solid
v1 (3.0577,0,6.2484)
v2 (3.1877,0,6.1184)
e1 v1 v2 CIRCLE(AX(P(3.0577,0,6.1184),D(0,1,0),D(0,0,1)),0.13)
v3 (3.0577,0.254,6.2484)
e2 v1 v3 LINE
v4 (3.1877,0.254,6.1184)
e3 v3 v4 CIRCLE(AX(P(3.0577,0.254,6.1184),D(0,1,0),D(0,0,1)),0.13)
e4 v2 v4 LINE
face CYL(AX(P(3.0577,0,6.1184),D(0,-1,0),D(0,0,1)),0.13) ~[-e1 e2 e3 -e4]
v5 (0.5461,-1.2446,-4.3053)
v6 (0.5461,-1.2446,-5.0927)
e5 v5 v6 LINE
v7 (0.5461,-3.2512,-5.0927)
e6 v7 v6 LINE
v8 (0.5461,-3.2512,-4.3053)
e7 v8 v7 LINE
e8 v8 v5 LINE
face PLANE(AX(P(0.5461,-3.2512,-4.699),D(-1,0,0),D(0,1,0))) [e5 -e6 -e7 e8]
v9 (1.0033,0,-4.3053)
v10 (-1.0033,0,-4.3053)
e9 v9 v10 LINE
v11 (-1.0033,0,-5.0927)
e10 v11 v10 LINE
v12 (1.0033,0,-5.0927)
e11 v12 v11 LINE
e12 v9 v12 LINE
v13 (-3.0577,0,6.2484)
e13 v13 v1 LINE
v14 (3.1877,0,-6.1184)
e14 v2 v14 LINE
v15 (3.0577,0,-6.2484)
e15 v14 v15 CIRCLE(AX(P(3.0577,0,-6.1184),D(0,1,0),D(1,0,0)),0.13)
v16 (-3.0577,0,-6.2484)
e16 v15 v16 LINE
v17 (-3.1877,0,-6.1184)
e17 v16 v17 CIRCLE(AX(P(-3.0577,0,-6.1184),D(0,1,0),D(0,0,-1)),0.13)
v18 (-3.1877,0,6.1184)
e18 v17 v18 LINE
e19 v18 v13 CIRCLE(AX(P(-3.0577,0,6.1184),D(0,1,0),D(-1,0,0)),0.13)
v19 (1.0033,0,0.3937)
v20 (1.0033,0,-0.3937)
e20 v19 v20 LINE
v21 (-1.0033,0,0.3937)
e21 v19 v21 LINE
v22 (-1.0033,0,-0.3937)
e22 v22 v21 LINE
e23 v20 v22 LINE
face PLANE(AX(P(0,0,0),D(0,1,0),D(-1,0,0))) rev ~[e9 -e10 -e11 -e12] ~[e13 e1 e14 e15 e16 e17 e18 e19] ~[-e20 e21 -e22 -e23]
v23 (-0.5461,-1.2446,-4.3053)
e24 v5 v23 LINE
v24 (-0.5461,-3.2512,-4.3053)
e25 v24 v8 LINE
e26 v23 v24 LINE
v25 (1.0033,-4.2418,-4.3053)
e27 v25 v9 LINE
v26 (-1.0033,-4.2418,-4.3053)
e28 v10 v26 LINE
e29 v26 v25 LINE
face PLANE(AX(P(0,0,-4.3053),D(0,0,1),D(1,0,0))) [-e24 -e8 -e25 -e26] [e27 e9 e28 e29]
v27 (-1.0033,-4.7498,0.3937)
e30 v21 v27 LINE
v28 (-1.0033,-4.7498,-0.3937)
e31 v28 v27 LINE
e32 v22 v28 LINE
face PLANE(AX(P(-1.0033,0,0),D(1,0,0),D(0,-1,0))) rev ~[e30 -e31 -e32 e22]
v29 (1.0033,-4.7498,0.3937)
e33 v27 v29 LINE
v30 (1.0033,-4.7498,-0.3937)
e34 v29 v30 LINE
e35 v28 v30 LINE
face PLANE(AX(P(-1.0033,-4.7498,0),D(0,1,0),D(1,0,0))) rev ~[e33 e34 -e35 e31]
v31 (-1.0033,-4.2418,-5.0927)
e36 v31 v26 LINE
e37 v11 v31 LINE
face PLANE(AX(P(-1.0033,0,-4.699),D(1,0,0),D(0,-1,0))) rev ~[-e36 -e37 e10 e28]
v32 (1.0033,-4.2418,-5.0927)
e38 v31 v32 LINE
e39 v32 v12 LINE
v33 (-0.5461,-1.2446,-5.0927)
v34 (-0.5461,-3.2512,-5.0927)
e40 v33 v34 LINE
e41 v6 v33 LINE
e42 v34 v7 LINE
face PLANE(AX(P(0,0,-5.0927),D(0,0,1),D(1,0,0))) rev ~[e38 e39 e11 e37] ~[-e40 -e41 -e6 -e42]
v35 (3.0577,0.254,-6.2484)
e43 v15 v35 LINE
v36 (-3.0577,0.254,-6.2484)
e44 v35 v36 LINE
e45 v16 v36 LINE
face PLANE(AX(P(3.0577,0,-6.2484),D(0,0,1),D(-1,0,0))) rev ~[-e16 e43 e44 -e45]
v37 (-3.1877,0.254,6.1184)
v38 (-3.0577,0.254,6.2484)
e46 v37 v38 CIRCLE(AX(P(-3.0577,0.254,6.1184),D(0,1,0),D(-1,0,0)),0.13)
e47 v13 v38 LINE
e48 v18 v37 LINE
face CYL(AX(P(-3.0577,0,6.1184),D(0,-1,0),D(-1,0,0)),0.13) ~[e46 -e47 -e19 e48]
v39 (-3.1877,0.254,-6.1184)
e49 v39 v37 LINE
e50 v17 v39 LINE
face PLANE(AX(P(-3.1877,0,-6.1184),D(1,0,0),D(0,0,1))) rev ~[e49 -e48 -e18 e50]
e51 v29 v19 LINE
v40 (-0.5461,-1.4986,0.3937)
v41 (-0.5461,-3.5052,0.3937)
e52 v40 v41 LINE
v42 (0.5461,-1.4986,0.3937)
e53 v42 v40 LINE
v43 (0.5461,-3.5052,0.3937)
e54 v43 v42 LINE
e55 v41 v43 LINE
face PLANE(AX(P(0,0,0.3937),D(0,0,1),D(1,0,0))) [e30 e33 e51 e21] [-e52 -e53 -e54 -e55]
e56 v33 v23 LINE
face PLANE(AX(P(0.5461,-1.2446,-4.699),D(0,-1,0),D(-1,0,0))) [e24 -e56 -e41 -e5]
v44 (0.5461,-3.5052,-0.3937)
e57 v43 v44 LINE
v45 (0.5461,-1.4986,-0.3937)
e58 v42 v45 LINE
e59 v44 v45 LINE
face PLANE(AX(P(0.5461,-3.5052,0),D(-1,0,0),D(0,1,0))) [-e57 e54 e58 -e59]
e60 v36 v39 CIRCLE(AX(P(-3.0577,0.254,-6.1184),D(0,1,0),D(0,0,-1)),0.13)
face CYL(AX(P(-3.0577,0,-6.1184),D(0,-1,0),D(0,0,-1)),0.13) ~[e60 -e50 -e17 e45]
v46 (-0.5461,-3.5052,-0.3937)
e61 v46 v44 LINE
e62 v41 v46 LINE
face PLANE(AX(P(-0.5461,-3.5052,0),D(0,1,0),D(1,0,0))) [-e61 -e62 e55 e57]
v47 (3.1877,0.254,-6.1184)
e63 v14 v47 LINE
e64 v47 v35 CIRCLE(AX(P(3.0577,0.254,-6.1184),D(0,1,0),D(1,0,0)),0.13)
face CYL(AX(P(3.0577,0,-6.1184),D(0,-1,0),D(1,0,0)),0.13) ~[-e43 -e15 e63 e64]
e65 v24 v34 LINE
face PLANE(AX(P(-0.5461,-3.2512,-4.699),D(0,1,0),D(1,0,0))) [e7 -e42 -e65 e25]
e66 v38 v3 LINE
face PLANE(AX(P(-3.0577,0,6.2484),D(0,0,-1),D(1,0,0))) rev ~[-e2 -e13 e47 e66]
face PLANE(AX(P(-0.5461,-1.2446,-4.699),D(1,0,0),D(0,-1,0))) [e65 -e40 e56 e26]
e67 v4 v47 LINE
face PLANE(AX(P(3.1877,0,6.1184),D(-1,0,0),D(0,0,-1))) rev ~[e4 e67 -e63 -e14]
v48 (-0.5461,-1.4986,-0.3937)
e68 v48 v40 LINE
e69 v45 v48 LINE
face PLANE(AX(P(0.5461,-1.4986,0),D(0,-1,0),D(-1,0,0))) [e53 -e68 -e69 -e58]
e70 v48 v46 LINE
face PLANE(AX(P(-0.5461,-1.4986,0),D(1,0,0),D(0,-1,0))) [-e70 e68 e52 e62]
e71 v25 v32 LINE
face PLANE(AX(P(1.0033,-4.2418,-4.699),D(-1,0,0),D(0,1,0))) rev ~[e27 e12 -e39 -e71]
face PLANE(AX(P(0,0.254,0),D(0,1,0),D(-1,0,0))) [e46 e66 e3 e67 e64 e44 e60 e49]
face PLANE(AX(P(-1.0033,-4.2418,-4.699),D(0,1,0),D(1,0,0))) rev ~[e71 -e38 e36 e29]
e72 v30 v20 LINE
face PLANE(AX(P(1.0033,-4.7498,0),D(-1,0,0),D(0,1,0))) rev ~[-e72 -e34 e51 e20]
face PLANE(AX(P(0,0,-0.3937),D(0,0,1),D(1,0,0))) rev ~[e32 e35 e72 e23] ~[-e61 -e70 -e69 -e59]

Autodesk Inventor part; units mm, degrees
sketch "Sketch_2" plane through (0, 0, 0) normal (0, 1, 0) x (-1, 0, 0)
  line L0 (3.1877, -6.1184) -> (3.1877, 6.1184)
  arc A0 (3.1877, 6.1184) -> (3.0577, 6.2484) centre (3.0577, 6.1184) ccw
  line L1 (3.0577, 6.2484) -> (-3.0577, 6.2484)
  arc A1 (-3.0577, 6.2484) -> (-3.1877, 6.1184) centre (-3.0577, 6.1184) ccw
  line L2 (-3.1877, 6.1184) -> (-3.1877, -6.1184)
  arc A2 (-3.1877, -6.1184) -> (-3.0577, -6.2484) centre (-3.0577, -6.1184) ccw
  line L3 (-3.0577, -6.2484) -> (3.0577, -6.2484)
  arc A3 (3.0577, -6.2484) -> (3.1877, -6.1184) centre (3.0577, -6.1184) ccw
extrude "Extrusion1" add sketch "Sketch_2" along normal blind 0.254
sketch "Sketch_12" plane through (0, 0, -4.699) normal (0, 0, 1) x (1, 0, 0)
  line L0 (-1.0033, 0) -> (-1.0033, -4.2418)
  line L1 (-1.0033, -4.2418) -> (1.0033, -4.2418)
  line L2 (1.0033, -4.2418) -> (1.0033, 0)
  line L3 (1.0033, 0) -> (-1.0033, 0)
  line L4 (-0.5461, -1.2446) -> (-0.5461, -3.2512)
  line L5 (-0.5461, -3.2512) -> (0.5461, -3.2512)
  line L6 (0.5461, -3.2512) -> (0.5461, -1.2446)
  line L7 (0.5461, -1.2446) -> (-0.5461, -1.2446)
extrude "Extrusion2" add sketch "Sketch_12" along normal mid plane 0.7874
sketch "Sketch_14" plane through (0, 0, 0) normal (0, 0, 1) x (1, 0, 0)
  line L0 (-1.0033, 0) -> (-1.0033, -4.7498)
  line L1 (-1.0033, -4.7498) -> (1.0033, -4.7498)
  line L2 (1.0033, -4.7498) -> (1.0033, 0)
  line L3 (1.0033, 0) -> (-1.0033, 0)
  line L4 (-0.5461, -1.4986) -> (-0.5461, -3.5052)
  line L5 (-0.5461, -3.5052) -> (0.5461, -3.5052)
  line L6 (0.5461, -3.5052) -> (0.5461, -1.4986)
  line L7 (0.5461, -1.4986) -> (-0.5461, -1.4986)
extrude "Extrusion3" add sketch "Sketch_14" along normal mid plane 0.7874
ref_plane "to_base_XY" through (0, 0, 0) normal (0, 1, 0) x (1, 0, 0)
ref_plane "to_base_YZ" through (0, 0, 0) normal (1, 0, 0) x (0, 0, -1)
ref_plane "to_base_ZX" through (0, 0, 0) normal (0, 0, -1) x (0, 1, 0)
properties part number "M201101-terminals"
